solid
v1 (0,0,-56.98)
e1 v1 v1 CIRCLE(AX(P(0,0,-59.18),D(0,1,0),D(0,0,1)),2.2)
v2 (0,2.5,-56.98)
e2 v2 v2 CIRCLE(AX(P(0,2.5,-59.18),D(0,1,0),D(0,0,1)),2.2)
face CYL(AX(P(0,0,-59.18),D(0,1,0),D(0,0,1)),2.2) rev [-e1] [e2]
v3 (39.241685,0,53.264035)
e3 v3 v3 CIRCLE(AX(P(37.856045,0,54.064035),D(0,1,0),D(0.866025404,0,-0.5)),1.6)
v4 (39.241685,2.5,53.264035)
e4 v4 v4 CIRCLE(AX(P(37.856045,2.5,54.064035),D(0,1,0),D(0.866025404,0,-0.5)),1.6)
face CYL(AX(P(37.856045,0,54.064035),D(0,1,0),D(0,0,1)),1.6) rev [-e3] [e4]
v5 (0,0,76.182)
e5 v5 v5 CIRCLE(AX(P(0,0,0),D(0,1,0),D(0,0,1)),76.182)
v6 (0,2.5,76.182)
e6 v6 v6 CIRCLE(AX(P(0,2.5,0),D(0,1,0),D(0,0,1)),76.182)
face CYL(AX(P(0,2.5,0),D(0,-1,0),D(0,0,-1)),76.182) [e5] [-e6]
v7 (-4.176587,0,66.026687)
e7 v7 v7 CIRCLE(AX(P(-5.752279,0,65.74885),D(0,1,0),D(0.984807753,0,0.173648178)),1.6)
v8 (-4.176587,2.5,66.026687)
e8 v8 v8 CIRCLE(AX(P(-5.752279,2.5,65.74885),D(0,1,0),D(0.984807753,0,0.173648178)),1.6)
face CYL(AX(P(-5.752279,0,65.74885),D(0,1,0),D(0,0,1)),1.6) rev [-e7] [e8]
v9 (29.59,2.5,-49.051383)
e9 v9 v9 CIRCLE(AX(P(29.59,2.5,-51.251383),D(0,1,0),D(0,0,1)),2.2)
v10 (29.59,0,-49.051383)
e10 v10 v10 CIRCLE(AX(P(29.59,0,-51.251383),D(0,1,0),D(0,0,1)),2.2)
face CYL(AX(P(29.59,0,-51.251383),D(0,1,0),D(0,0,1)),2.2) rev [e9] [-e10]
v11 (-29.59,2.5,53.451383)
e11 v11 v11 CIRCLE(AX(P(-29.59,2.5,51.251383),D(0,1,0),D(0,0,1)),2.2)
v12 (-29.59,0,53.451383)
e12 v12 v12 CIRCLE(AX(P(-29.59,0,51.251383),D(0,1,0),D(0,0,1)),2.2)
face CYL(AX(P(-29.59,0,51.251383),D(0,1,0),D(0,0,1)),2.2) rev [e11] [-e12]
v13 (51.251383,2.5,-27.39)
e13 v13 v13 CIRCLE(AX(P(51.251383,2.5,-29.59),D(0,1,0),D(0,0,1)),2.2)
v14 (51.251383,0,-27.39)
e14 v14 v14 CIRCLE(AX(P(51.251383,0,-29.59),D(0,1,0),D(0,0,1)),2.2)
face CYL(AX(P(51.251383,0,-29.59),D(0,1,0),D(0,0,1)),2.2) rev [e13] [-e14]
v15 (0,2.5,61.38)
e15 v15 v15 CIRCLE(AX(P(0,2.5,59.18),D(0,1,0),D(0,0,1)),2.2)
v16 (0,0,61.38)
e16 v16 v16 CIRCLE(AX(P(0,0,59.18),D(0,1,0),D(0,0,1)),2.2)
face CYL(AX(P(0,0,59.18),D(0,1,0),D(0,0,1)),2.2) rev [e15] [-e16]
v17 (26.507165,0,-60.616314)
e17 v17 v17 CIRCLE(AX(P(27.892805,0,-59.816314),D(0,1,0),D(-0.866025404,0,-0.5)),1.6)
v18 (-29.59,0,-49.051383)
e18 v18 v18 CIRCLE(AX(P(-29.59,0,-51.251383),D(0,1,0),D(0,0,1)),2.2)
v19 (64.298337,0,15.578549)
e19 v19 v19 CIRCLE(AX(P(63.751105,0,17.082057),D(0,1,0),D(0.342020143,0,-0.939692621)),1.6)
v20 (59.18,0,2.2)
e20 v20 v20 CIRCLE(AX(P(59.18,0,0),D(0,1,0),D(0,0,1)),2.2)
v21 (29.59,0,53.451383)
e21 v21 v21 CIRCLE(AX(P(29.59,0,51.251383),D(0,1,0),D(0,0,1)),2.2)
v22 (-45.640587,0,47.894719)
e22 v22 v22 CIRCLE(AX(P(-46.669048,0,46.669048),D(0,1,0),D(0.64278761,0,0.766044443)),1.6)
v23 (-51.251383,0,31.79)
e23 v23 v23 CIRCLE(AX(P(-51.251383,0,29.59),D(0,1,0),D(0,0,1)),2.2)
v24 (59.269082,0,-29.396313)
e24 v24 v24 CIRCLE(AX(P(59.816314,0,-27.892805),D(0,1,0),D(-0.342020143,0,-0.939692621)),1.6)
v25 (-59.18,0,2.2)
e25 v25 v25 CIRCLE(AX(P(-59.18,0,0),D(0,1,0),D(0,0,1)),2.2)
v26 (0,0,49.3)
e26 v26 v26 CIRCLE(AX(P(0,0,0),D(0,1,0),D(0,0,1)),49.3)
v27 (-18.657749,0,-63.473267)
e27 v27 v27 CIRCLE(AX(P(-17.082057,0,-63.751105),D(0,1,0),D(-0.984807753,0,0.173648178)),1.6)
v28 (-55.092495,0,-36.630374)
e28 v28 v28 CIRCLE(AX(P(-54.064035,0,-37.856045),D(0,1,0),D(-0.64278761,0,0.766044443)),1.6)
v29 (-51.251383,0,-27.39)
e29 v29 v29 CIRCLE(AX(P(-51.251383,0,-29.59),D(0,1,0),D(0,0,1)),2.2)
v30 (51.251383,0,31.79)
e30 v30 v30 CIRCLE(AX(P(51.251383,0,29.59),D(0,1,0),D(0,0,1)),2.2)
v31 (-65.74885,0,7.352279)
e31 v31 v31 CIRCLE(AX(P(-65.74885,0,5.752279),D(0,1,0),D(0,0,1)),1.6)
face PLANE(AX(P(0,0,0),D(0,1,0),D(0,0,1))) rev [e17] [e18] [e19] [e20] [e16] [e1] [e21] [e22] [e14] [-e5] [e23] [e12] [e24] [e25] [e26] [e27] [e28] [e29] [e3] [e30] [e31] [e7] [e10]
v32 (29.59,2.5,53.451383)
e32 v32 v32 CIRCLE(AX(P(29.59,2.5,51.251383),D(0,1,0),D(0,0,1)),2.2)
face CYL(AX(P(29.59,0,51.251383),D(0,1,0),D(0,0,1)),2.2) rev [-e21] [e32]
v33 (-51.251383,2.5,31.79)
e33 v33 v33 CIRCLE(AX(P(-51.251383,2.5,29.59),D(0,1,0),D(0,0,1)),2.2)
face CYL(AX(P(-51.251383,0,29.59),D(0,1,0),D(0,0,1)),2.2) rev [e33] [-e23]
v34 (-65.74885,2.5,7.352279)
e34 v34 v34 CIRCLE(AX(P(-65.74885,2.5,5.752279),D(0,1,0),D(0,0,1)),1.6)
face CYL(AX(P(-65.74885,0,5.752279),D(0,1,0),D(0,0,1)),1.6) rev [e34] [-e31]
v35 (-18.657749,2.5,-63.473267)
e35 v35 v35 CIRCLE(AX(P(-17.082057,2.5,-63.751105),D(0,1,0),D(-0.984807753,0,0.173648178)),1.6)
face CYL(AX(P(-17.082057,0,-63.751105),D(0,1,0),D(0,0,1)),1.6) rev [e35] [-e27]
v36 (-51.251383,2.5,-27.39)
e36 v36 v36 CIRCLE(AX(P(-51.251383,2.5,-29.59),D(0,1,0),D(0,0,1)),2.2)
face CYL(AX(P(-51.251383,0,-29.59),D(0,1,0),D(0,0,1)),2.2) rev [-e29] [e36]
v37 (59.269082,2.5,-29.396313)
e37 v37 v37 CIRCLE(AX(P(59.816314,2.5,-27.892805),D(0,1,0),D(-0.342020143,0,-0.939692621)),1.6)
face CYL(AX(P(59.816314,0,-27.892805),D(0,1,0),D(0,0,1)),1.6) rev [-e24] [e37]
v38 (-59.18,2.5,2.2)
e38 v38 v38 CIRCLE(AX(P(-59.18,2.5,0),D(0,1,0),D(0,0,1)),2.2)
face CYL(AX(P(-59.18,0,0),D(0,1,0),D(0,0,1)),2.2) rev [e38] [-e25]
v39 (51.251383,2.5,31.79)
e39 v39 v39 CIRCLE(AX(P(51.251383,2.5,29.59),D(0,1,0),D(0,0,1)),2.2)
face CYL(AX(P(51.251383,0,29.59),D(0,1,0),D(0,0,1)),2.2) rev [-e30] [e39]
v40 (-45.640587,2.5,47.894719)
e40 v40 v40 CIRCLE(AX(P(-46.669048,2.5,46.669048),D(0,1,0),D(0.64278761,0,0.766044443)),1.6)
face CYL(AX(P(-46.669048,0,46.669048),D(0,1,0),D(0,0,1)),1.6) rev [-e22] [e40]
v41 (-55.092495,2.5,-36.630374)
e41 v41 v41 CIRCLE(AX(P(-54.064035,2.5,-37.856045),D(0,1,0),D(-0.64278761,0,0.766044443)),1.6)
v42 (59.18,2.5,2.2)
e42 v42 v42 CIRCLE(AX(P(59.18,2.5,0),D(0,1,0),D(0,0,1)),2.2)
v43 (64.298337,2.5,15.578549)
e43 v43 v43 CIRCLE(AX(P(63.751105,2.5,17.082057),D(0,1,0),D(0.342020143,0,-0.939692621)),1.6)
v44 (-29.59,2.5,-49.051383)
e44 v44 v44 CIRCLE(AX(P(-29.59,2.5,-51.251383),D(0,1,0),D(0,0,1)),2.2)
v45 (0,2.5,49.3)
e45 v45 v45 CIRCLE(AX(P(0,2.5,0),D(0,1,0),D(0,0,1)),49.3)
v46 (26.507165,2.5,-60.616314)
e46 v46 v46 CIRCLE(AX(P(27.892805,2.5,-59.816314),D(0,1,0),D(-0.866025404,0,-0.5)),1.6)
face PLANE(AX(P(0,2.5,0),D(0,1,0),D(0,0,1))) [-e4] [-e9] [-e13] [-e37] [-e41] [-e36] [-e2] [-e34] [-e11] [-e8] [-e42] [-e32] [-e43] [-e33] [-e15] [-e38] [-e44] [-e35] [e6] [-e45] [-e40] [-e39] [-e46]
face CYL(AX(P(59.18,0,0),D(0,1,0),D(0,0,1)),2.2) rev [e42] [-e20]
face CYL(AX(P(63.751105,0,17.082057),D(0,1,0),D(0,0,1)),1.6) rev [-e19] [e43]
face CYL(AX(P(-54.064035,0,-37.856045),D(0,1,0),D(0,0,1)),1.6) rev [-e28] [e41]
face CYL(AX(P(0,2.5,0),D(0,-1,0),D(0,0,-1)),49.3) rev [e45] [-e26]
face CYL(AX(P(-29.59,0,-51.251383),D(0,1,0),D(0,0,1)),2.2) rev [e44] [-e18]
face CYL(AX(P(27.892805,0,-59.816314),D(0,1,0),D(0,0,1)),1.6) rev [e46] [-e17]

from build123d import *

# Parameters (mm, degrees)
SKETCH1_R           = 76.182
SKETCH1_R_2         = 49.3
BOSS_EXTRUDE1_DEPTH = 2.5
SKETCH2_R           = 1.6
CUT_EXTRUDE1_DEPTH  = 108.766619359
SKETCH3_R           = 2.2
CUT_EXTRUDE2_DEPTH  = 108.766619359
CIRPATTERN1_COUNT   = 9


with BuildPart() as part:
    # Sketch1 → Boss-Extrude1 (new body)
    with BuildSketch(Plane(origin=(0, 0, 0), x_dir=(1, 0, 0), z_dir=(0, 1, 0))):
        with Locations(Location((0, 0, 0), (0, 0, 270))):
            Circle(SKETCH1_R)
        with Locations(Location((0, 0, 0), (0, 0, 270))):
            Circle(SKETCH1_R_2, mode=Mode.SUBTRACT)
    extrude(amount=BOSS_EXTRUDE1_DEPTH)

    # Sketch2 → Cut-Extrude1 (cut, through all)
    with BuildSketch(Plane(origin=(0, 2.5, 0), x_dir=(1, 0, 0), z_dir=(0, 1, 0))):
        with Locations(Location((-65.748850074, -5.752279021, 0), (0, 0, 270))):
            Circle(SKETCH2_R)
    cut_extrude1 = extrude(amount=-CUT_EXTRUDE1_DEPTH, mode=Mode.SUBTRACT)

    # Sketch3 → Cut-Extrude2 (cut, through all)
    with BuildSketch(Plane(origin=(0, 2.5, 0), x_dir=(1, 0, 0), z_dir=(0, 1, 0))):
        with Locations(Location((0, 59.18, 0), (0, 0, 270))):
            Circle(SKETCH3_R)
        with Locations(Location((29.59, 51.251383396, 0), (0, 0, 270))):
            Circle(SKETCH3_R)
        with Locations(Location((51.251383396, 29.59, 0), (0, 0, 270))):
            Circle(SKETCH3_R)
        with Locations(Location((59.18, 0, 0), (0, 0, 270))):
            Circle(SKETCH3_R)
        with Locations(Location((51.251383396, -29.59, 0), (0, 0, 270))):
            Circle(SKETCH3_R)
        with Locations(Location((29.59, -51.251383396, 0), (0, 0, 270))):
            Circle(SKETCH3_R)
        with Locations(Location((0, -59.18, 0), (0, 0, 270))):
            Circle(SKETCH3_R)
        with Locations(Location((-29.59, -51.251383396, 0), (0, 0, 270))):
            Circle(SKETCH3_R)
        with Locations(Location((-51.251383396, -29.59, 0), (0, 0, 270))):
            Circle(SKETCH3_R)
        with Locations(Location((-59.18, 0, 0), (0, 0, 270))):
            Circle(SKETCH3_R)
        with Locations(Location((-51.251383396, 29.59, 0), (0, 0, 270))):
            Circle(SKETCH3_R)
        with Locations(Location((-29.59, 51.251383396, 0), (0, 0, 270))):
            Circle(SKETCH3_R)
    extrude(amount=-CUT_EXTRUDE2_DEPTH, mode=Mode.SUBTRACT)

    # CirPattern1: Cut-Extrude1 ×9 about axis
    cirpattern1_axis = Axis((0, 0, 0), (0, 1, 0))
    for i in range(1, CIRPATTERN1_COUNT):
        add(cut_extrude1.rotate(cirpattern1_axis, i * 360 / CIRPATTERN1_COUNT), mode=Mode.SUBTRACT)


solid = part.part
